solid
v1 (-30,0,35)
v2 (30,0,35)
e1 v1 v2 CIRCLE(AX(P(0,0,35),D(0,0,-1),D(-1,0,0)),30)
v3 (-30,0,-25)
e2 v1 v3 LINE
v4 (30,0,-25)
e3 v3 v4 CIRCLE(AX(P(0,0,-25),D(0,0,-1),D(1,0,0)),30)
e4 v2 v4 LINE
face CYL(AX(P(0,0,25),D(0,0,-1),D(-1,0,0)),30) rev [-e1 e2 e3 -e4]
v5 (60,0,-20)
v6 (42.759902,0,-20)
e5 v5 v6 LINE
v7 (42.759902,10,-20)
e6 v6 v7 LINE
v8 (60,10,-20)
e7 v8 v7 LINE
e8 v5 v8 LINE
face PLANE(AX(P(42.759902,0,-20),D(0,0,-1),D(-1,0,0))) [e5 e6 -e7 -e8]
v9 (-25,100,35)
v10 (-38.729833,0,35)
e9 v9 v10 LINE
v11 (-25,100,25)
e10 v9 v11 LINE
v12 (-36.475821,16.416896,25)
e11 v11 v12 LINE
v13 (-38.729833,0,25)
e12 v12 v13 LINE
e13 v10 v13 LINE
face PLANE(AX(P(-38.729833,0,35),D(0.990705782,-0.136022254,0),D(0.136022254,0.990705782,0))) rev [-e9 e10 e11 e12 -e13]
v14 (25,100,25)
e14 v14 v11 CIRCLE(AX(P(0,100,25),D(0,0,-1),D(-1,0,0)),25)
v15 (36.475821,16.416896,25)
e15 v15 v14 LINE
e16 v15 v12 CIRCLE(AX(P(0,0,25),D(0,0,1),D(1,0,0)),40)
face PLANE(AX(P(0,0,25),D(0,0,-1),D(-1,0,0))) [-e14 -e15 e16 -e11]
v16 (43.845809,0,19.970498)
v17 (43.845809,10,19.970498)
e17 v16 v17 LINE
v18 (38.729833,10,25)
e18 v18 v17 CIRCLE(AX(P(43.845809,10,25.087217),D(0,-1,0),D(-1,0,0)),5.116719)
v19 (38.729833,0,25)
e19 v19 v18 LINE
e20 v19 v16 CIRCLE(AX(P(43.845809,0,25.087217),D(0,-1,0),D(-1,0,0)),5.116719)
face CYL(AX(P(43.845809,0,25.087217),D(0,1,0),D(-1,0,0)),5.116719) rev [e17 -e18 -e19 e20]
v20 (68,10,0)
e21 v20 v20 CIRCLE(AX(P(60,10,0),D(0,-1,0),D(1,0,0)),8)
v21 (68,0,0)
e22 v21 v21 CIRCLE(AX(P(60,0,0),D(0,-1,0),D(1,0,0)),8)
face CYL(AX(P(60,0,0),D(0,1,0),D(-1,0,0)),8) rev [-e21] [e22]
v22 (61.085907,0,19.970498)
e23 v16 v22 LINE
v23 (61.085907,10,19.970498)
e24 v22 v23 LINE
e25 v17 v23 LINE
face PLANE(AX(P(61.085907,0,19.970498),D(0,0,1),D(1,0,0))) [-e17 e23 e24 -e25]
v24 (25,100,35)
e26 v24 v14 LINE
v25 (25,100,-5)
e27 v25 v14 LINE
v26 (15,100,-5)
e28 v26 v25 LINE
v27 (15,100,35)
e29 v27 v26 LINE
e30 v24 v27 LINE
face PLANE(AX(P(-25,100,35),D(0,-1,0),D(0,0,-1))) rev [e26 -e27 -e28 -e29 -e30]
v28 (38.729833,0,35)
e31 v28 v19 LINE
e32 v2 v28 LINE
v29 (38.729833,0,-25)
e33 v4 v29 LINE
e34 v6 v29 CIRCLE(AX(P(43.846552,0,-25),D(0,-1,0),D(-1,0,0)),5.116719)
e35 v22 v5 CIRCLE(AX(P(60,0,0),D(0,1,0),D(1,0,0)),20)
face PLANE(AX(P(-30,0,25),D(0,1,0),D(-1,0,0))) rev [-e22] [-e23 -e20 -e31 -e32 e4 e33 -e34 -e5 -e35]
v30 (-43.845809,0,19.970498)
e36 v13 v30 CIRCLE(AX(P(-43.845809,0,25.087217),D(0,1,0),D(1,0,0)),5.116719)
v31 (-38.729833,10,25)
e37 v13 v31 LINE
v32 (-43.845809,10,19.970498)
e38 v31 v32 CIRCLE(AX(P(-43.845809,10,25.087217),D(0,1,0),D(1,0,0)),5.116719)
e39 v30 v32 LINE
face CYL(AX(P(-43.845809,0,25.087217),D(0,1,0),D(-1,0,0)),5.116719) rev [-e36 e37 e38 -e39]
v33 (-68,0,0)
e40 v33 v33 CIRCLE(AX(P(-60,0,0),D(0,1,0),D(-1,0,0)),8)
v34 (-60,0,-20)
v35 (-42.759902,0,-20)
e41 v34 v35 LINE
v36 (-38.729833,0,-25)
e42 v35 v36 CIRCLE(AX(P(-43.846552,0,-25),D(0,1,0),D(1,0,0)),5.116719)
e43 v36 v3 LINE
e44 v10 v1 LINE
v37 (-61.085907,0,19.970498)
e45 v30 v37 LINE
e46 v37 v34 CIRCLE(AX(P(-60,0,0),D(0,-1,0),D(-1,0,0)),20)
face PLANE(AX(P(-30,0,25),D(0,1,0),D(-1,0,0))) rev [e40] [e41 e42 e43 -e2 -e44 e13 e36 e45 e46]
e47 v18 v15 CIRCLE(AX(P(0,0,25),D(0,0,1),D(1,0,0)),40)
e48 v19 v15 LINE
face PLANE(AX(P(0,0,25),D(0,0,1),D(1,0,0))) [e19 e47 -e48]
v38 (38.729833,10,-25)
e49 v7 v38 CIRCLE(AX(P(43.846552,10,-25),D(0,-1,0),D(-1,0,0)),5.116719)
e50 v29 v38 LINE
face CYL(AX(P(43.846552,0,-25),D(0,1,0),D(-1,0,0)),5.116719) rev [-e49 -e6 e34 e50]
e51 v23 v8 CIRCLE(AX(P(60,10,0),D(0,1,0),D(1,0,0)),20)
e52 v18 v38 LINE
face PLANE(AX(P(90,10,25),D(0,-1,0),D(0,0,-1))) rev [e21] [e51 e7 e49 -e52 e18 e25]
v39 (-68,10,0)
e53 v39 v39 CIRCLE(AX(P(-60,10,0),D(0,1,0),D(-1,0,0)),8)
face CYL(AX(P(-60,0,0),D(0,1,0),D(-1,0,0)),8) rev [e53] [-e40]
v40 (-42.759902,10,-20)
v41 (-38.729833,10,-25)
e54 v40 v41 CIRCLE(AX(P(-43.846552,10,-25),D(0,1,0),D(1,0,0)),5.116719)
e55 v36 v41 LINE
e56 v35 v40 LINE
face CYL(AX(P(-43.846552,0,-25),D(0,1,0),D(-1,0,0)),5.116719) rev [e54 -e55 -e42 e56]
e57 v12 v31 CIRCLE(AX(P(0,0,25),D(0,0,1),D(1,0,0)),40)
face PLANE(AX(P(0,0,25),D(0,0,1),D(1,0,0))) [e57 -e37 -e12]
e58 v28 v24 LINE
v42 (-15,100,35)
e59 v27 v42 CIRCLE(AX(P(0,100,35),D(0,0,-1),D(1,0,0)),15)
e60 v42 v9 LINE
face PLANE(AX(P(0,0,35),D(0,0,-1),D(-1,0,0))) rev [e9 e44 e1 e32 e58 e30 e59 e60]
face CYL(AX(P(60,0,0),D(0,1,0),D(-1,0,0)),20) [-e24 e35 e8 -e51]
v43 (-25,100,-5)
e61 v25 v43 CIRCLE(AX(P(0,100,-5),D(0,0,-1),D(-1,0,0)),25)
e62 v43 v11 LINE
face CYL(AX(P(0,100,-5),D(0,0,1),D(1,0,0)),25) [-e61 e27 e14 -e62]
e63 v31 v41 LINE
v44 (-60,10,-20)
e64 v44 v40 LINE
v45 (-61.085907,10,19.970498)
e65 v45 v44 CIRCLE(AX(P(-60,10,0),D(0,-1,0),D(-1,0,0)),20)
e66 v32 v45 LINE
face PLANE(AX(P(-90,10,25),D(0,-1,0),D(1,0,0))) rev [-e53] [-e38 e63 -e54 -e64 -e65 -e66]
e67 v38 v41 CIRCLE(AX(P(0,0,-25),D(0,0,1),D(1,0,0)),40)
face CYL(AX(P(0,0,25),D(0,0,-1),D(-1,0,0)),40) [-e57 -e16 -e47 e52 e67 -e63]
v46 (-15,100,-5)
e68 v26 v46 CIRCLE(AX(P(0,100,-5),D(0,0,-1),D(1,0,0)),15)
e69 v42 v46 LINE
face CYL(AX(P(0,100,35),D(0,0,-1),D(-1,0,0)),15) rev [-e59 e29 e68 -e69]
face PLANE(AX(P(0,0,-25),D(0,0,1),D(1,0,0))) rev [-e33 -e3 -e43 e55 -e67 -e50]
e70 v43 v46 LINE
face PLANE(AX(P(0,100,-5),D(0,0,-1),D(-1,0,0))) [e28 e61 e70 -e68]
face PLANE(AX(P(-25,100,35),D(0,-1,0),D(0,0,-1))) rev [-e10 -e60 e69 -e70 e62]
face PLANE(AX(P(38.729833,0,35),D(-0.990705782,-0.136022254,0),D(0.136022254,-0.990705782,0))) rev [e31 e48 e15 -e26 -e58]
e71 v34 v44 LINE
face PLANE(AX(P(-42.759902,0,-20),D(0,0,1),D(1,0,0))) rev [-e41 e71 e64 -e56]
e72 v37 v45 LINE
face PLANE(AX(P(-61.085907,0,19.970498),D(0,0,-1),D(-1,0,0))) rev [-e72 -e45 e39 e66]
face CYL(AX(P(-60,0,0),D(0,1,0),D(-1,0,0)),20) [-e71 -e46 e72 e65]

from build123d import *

# Parameters (mm, degrees)
BOSS_EXTRUDE1_DEPTH = 25
SKETCH2_R           = 8
CUT_EXTRUDE1_DEPTH  = 11
BOSS_EXTRUDE2_DEPTH = 10
CUT_EXTRUDE2_DEPTH  = 11
BOSS_EXTRUDE3_DEPTH = 30
CUT_EXTRUDE4_DEPTH  = 41


with BuildPart() as part:
    # Sketch1 → Boss-Extrude1 (new body, symmetric)
    with BuildSketch(Plane.XY):
        with BuildLine():
            Line((30, 0), (90, 0))
            Line((90, 0), (90, 10))
            Line((90, 10), (38.729833462, 10))
            ThreePointArc((38.729833462, 10), (0, 40), (-38.729833462, 10))
            Line((-38.729833462, 10), (-90, 10))
            Line((-90, 10), (-90, 0))
            Line((-90, 0), (-30, 0))
            ThreePointArc((-30, 0), (0, 30), (30, 0))
        make_face()
    extrude(amount=BOSS_EXTRUDE1_DEPTH, both=True)

    # Sketch2 → Cut-Extrude1 (cut, through all)
    with BuildSketch(Plane(origin=(0, 10, 0), x_dir=(1, 0, 0), z_dir=(0, 1, 0))):
        with Locations(Location((-60, 0, 0), (0, 0, 180))):  # turned: the seam where the file's is
            Circle(SKETCH2_R)
        with BuildLine():
            Line((-42.759901773, 20), (-60, 20))
            ThreePointArc((-60, 20), (-79.992623239, 0.543153766), (-61.08590686, -19.970498399))
            Line((-61.08590686, -19.970498399), (-43.845808633, -19.970498399))
            ThreePointArc((-43.845808633, -19.970498399), (-40.258710631, -21.438445011), (-38.729833462, -25))
            Line((-38.729833462, -25), (-90, -25))
            Line((-90, -25), (-90, 25))
            Line((-90, 25), (-38.729833462, 25))
            ThreePointArc((-38.729833462, 25), (-39.862779167, 21.789024658), (-42.759901773, 20))
        make_face()
    cut_extrude1 = extrude(amount=-CUT_EXTRUDE1_DEPTH, mode=Mode.SUBTRACT)

    # Mirror1: Cut-Extrude1 across plane
    add(cut_extrude1.mirror(Plane(origin=(0, 0, 0), x_dir=(0, 0, 1), z_dir=(1, 0, 0))), mode=Mode.SUBTRACT)

    # Sketch3 → Boss-Extrude2 (add)
    with BuildSketch(Plane.XY.offset(25)):
        Polygon((38.729833462, 0), (-38.729833462, 0), (-25, 100), (25, 100), align=None)
    extrude(amount=BOSS_EXTRUDE2_DEPTH)

    # Sketch5 → Cut-Extrude2 (cut, through all)
    with BuildSketch(Plane(origin=(0, 0, 25), x_dir=(-1, 0, 0), z_dir=(0, 0, -1))):
        with BuildLine():
            ThreePointArc((30, 0), (0, 30), (-30, 0))
            Line((-30, 0), (30, 0))
        make_face()
    extrude(amount=-CUT_EXTRUDE2_DEPTH, mode=Mode.SUBTRACT)

    # Sketch10 → Boss-Extrude3 (add)
    with BuildSketch(Plane(origin=(0, 0, 25), x_dir=(-1, 0, 0), z_dir=(0, 0, -1))):
        with BuildLine():
            Line((-25, 100), (25, 100))
            ThreePointArc((25, 100), (0, 75), (-25, 100))
        make_face()
    extrude(amount=BOSS_EXTRUDE3_DEPTH)

    # Sketch11 → Cut-Extrude4 (cut, through all)
    with BuildSketch(Plane(origin=(0, 0, -5), x_dir=(-1, 0, 0), z_dir=(0, 0, -1))):
        with BuildLine():
            Line((15, 100), (-15, 100))
            ThreePointArc((-15, 100), (0, 85), (15, 100))
        make_face()
    extrude(amount=-CUT_EXTRUDE4_DEPTH, mode=Mode.SUBTRACT)


solid = part.part
